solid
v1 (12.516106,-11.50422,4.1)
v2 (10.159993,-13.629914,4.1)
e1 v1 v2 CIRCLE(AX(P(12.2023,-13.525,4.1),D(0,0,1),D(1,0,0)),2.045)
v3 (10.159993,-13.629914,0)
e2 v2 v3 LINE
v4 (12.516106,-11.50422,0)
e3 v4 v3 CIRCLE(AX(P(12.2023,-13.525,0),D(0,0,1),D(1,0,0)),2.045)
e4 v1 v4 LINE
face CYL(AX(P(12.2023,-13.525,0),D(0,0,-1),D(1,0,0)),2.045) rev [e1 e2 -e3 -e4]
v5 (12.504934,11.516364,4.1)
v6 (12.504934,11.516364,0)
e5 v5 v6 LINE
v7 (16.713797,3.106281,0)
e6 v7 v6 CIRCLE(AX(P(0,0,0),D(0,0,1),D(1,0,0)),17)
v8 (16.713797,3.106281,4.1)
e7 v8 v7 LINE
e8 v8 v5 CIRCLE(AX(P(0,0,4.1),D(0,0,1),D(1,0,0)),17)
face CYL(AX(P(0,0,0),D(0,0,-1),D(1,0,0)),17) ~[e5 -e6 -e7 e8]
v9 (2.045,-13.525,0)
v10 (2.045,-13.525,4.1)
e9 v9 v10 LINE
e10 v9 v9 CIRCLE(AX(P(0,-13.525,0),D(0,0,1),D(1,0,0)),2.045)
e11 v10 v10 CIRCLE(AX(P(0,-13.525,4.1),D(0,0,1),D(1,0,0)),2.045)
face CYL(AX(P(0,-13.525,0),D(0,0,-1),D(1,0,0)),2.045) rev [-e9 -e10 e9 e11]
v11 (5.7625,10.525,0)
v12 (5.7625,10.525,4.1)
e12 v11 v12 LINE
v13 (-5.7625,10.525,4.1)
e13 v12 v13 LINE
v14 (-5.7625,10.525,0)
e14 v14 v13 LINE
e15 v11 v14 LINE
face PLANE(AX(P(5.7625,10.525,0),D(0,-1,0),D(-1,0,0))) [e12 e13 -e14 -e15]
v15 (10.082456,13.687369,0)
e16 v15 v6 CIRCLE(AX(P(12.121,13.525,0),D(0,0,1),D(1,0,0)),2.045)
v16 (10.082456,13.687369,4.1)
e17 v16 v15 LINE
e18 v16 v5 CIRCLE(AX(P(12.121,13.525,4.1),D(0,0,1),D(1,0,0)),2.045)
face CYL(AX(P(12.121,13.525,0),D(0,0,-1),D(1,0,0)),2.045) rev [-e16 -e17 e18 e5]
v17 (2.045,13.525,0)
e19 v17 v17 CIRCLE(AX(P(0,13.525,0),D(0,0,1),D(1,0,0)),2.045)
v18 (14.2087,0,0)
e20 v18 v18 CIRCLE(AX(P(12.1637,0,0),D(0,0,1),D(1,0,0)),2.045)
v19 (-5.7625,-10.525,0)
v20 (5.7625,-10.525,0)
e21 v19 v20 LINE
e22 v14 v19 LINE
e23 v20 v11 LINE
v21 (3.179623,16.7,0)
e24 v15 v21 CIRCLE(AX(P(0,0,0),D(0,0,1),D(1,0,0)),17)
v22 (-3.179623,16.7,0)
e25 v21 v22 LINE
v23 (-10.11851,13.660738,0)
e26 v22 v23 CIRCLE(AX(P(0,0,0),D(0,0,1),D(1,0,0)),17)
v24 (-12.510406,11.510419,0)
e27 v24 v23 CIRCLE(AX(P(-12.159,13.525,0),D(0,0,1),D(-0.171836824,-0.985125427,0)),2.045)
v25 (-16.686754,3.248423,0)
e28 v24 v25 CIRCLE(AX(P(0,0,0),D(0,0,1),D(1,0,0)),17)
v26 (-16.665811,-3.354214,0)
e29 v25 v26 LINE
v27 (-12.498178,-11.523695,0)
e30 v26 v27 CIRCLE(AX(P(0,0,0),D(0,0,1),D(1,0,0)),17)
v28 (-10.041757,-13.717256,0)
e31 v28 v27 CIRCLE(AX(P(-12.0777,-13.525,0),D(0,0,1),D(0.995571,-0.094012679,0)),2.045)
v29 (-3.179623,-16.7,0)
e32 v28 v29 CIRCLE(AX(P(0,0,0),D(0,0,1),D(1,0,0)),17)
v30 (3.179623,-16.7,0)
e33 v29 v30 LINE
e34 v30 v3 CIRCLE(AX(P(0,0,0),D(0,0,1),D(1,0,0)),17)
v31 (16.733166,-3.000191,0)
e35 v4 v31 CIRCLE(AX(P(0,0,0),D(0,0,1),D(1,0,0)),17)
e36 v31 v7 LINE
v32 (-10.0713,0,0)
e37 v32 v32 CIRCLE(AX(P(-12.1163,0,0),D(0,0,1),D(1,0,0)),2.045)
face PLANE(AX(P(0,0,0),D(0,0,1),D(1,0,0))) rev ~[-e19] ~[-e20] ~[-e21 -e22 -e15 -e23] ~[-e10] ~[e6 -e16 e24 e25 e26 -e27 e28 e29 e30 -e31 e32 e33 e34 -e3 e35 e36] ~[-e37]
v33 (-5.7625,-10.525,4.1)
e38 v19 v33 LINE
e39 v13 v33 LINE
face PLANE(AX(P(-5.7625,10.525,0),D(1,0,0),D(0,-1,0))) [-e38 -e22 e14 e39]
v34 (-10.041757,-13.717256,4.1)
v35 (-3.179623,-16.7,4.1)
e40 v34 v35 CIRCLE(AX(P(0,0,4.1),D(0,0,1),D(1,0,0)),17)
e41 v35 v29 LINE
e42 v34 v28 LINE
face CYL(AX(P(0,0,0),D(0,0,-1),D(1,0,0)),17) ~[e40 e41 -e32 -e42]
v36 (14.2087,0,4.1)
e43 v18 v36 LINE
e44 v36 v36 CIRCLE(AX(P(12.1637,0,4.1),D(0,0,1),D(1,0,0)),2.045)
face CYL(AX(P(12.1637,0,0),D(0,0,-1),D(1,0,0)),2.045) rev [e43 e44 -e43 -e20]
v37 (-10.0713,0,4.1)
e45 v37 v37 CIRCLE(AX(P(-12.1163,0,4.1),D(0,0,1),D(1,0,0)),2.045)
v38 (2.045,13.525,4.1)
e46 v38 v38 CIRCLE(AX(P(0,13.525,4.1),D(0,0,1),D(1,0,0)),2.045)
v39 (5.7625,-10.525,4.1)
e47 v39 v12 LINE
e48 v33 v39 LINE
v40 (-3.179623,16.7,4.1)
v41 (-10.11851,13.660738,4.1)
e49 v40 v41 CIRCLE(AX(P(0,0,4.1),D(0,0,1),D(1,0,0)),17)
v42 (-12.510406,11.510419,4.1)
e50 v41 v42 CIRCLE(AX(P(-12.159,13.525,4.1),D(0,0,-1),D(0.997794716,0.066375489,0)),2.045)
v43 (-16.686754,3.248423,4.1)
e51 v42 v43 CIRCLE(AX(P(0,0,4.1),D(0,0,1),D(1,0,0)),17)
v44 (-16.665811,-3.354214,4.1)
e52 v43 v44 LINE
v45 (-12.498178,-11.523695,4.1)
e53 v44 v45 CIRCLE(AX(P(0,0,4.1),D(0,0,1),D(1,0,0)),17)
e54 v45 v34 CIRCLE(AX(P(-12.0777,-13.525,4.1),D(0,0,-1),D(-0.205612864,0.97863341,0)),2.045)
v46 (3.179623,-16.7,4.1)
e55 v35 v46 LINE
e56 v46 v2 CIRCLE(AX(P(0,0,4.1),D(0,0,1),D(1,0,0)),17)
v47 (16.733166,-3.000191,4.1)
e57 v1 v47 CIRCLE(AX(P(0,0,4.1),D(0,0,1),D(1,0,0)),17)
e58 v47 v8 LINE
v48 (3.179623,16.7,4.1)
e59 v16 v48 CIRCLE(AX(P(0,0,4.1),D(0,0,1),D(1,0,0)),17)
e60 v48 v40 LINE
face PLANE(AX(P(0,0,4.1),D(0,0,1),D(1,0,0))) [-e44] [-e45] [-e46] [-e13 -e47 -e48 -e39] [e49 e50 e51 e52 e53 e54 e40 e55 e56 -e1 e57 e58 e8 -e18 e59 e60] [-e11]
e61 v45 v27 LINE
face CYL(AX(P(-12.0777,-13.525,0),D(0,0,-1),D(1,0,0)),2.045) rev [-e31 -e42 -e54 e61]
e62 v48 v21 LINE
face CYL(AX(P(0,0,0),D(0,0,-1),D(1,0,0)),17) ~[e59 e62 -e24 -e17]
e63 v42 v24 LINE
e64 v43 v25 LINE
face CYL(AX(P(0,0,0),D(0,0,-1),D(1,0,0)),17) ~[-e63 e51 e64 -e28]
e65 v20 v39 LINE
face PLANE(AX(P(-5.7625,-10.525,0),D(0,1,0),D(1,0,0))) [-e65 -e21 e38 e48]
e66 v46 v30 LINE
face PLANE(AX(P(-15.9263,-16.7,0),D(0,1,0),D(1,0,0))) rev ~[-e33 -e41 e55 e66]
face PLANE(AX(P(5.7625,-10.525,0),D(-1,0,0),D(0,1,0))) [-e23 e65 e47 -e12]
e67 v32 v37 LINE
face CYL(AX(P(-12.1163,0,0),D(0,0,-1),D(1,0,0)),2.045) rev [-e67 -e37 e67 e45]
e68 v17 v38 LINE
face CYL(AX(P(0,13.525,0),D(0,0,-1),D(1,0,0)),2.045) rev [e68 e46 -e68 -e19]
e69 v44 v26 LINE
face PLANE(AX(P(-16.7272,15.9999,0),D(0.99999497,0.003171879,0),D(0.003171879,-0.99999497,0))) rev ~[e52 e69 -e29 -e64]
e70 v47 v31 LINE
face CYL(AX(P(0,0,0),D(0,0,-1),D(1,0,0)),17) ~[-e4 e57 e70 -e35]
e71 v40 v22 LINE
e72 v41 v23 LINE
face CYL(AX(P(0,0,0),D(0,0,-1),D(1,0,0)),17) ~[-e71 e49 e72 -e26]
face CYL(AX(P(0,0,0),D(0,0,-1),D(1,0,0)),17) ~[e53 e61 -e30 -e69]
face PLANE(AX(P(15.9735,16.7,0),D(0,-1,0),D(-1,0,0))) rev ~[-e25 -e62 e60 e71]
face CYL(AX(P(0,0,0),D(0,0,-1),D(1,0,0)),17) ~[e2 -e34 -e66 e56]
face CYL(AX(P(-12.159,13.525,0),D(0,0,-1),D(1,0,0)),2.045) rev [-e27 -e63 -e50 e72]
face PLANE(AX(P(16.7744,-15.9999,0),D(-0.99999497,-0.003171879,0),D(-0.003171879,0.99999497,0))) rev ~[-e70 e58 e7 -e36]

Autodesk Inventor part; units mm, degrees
ref_plane "YZ Plane" through (0, 0, 0) normal (1, 0, 0) x (0, 1, 0)
ref_plane "XZ Plane" through (0, 0, 0) normal (0, 1, 0) x (-1, 0, 0)
ref_plane "XY Plane" through (0, 0, 0) normal (0, 0, 1) x (1, 0, 0)
sketch "Sketch3" plane through (0, 0, 0) normal (0, 0, 1) x (1, 0, 0)
  line L0 (-15.9263, -16.7) -> (16.0737, -16.7)
  line L1 (16.7744, -15.9999) -> (16.6729, 15.9999)
  line L2 (15.9735, 16.7) -> (-16.0265, 16.7)
  line L3 (-16.7272, 15.9999) -> (-16.6257, -15.9999)
  line L4 (-16.0265, 16.7) -> (-16.7272, 15.9999)
  line L5 (15.9735, 16.7) -> (16.6729, 15.9999)
  line L6 (16.7744, -15.9999) -> (16.0737, -16.7)
  line L7 (-16.6257, -15.9999) -> (-15.9263, -16.7)
  line L8 (-5.7625, -10.525) -> (5.7625, -10.525)
  line L9 (5.7625, -10.525) -> (5.7625, 10.525)
  line L10 (5.7625, 10.525) -> (-5.7625, 10.525)
  line L11 (-5.7625, 10.525) -> (-5.7625, -10.525)
  circle A0 centre (-12.159, 13.525) radius 2.045
  circle A1 centre (12.121, 13.525) radius 2.045
  circle A2 centre (-12.0777, -13.525) radius 2.045
  circle A3 centre (12.2023, -13.525) radius 2.045
  circle A4 centre (0, 0) radius 18.4 construction
  circle A5 centre (-12.1163, 0) radius 2.045
  circle A6 centre (0, 13.525) radius 2.045
  circle A7 centre (12.1637, 0) radius 2.045
  circle A8 centre (0, -13.525) radius 2.045
  dimension "d10" = 11.525
  dimension "d11" = 21.05
  dimension "d12" = 4.09
  dimension "d13" = 4.09
  dimension "d17" = 4.09
  dimension "d19" = 24.28
  dimension "d21" = 4.09
  dimension "d26" = 36.8
  dimension "d27" = 4.09
  dimension "d28" = 4.09
  dimension "d29" = 4.09
  dimension "d33" = 4.09
  dimension "d38" = 10.525
  dimension "d39" = 5.7625
  dimension "d45" = 33.4
  dimension "d46" = 33.4
  dimension "d47" = 32
  dimension "d48" = 32
  dimension "d49" = 32
  dimension "d50" = 32
  dimension "d52" = 3
  dimension "d53" = 3
  dimension "d55" = 3
  dimension "d56" = 3
  dimension "d57" = 3
  dimension "d59" = 3
  dimension "d60" = 5.7625
  dimension "d61" = 5.7625
  dimension "d62" = 6.3585
  dimension "d63" = 24.28
  dimension "d64" = 24.28
  dimension "d66" = 10.525
  dimension "d67" = 16.7
sketch "Sketch4" plane through (0, 0, 0) normal (0, 0, 1) x (1, 0, 0)
  circle A0 centre (0, 0) radius 17
  dimension "d32" = 34
extrude "Extrusion3" add sketch "Sketch3" along normal blind 4.1
extrude "Extrusion4" cut sketch "Sketch4" along normal blind 4.1 keep common part
properties part number "WG18FLANGECutDown"
